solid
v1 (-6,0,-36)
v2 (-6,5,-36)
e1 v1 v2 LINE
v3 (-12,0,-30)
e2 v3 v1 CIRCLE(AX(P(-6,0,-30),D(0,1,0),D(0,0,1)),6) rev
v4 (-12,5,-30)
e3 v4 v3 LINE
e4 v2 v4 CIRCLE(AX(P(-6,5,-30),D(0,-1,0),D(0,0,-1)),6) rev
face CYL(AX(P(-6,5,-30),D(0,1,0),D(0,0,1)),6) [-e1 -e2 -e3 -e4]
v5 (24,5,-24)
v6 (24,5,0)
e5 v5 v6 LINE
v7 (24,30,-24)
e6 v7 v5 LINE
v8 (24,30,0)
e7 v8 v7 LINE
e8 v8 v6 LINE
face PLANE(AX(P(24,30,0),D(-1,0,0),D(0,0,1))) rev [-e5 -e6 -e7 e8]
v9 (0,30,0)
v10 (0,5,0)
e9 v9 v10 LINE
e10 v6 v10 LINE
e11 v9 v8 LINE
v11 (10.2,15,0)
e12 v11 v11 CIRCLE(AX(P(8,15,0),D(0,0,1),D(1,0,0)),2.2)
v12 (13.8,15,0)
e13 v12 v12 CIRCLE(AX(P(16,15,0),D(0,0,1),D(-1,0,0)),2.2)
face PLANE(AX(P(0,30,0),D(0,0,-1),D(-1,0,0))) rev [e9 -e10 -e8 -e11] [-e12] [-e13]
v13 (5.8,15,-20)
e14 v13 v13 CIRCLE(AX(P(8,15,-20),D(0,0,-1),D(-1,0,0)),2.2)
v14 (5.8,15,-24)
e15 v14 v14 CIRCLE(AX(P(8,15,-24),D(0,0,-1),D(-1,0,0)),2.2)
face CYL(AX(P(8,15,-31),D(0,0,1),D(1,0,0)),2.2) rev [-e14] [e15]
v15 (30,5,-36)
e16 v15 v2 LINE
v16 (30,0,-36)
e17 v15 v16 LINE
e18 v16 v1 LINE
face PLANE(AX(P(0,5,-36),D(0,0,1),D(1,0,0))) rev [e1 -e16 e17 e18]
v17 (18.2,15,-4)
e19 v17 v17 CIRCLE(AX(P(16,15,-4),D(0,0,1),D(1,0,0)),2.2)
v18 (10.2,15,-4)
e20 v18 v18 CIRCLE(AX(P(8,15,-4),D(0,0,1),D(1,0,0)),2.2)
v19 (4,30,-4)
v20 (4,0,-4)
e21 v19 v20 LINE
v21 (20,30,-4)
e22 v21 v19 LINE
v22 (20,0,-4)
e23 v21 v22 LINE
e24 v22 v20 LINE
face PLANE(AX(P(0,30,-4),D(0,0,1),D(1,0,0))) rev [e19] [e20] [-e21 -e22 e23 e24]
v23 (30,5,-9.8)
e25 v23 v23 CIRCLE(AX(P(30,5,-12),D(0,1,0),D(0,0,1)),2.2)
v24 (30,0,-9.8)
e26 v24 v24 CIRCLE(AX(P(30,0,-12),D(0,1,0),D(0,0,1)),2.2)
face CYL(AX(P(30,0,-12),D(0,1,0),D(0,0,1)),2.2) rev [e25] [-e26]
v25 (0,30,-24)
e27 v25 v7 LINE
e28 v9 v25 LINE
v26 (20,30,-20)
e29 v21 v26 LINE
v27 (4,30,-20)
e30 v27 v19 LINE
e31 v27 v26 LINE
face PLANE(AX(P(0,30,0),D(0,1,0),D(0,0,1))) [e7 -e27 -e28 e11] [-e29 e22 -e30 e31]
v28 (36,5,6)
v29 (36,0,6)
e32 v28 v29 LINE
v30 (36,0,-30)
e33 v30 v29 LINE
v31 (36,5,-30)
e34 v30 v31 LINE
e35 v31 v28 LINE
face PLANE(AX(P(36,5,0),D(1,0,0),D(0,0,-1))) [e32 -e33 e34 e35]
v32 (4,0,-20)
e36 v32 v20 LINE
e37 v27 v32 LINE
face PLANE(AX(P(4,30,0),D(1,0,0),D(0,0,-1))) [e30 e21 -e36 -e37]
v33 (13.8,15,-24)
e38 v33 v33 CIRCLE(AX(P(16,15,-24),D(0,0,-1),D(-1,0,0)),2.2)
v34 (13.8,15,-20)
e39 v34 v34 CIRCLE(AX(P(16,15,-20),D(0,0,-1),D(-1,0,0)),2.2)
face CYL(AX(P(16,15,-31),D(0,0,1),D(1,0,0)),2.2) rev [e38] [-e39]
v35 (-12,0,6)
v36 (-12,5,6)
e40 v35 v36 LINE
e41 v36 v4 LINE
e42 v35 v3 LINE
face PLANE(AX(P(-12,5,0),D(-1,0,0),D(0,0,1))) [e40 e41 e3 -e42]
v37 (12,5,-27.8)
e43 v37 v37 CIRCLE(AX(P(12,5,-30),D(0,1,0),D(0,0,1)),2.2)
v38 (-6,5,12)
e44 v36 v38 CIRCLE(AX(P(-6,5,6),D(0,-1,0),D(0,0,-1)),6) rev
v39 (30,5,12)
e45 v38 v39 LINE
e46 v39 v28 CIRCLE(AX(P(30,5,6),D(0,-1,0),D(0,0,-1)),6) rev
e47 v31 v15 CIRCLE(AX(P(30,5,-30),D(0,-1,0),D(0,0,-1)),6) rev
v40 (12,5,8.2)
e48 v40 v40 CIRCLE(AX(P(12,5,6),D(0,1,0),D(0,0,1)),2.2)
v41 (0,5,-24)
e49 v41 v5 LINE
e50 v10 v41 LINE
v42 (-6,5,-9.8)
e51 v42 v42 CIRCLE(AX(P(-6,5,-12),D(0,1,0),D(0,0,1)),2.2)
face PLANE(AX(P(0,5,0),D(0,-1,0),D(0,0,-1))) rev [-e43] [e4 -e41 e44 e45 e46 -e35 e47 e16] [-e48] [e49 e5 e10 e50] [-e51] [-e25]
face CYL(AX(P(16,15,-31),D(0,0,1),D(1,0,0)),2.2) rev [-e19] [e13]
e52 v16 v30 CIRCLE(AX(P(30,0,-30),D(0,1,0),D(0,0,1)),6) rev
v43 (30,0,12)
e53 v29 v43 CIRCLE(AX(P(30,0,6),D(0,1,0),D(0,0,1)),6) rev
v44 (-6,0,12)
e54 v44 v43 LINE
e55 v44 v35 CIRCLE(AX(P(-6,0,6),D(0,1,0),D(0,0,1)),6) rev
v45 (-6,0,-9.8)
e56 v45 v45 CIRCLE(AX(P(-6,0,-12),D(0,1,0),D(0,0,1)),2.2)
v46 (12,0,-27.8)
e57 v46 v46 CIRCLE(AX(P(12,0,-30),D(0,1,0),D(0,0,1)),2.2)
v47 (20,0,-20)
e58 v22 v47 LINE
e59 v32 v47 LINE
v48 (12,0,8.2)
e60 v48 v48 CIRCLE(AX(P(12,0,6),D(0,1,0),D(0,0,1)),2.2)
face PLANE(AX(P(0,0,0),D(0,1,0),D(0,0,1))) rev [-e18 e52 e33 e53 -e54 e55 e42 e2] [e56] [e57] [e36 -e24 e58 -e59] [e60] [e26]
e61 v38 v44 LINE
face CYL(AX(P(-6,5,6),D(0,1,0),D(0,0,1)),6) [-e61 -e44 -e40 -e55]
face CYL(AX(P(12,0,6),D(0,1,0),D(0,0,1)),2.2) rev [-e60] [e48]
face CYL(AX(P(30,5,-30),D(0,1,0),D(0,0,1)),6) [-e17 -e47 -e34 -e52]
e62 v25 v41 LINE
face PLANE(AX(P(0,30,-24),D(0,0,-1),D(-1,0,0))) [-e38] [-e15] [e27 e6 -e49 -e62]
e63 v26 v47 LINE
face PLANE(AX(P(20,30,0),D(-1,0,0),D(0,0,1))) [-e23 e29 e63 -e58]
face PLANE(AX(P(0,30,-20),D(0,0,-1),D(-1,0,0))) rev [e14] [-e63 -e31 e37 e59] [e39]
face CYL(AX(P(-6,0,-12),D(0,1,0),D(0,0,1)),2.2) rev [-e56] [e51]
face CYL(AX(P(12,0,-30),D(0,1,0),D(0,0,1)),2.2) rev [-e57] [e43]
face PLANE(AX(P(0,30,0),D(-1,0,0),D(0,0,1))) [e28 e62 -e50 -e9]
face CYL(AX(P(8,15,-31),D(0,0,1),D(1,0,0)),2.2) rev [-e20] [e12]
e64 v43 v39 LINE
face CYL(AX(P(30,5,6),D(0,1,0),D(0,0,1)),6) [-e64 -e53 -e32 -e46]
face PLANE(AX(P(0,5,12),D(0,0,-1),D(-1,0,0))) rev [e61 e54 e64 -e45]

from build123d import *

# Parameters (mm, degrees)
SKETCH_1_W          = 24
SKETCH_1_H          = 24
SKETCH_1_W_2        = 16
SKETCH_1_H_2        = 16
EXTRUDE_1_DEPTH     = 30
SKETCH_2_R          = 2.2
CUT_EXTRUDE_1_DEPTH = 31
SKETCH_3_W          = 6
SKETCH_3_H          = 6
SKETCH_3_W_2        = 24
SKETCH_3_H_2        = 24
EXTRUDE_3_DEPTH     = 5
FILLET_1_R          = 6
SKETCH_4_R          = 2.2
CUT_EXTRUDE_2_DEPTH = 5


with BuildPart() as part:
    # 草图1 → 凸台-拉伸1 (new body)
    with BuildSketch(Plane(origin=(0, 0, 0), x_dir=(1, 0, 0), z_dir=(0, 1, 0))):
        with Locations((12, 12)):
            Rectangle(SKETCH_1_W, SKETCH_1_H)
        with Locations((12, 12)):
            Rectangle(SKETCH_1_W_2, SKETCH_1_H_2, mode=Mode.SUBTRACT)
    extrude(amount=EXTRUDE_1_DEPTH)

    # 草图2 → 切除-拉伸1 (cut)
    with BuildSketch(Plane.XY):
        with Locations(Location((8, 15, 0), (0, 0, 180))):
            Circle(SKETCH_2_R)
        with Locations(Location((16, 15, 0), (0, 0, 180))):
            Circle(SKETCH_2_R)
    extrude(amount=-CUT_EXTRUDE_1_DEPTH, mode=Mode.SUBTRACT)

    # 草图3 → 凸台-拉伸3 (add)
    # profile 1 of 5: a face of its own
    with BuildSketch(Plane.XZ):
        with Locations((-9, -33)):
            Rectangle(SKETCH_3_W, SKETCH_3_H)
    # profile 2 of 5: a face of its own
    with BuildSketch(Plane.XZ):
        Polygon((-12, -30), (-6, -30), (-6, 6), (0, 6), (30, 6), (30, 12), (-12, 12), align=None)
    # profile 3 of 5: a face of its own
    with BuildSketch(Plane.XZ):
        Polygon((30, -30), (30, 6), (0, 6), (-6, 6), (-6, -30), align=None)
        with Locations((12, -12)):
            Rectangle(SKETCH_3_W_2, SKETCH_3_H_2, mode=Mode.SUBTRACT)
    # profile 4 of 5: a face of its own
    with BuildSketch(Plane.XZ):
        Polygon((30, -30), (-6, -30), (-6, -36), (36, -36), (36, 6), (30, 6), align=None)
    # profile 5 of 5: a face of its own
    with BuildSketch(Plane.XZ):
        with Locations((33, 9)):
            Rectangle(SKETCH_3_W, SKETCH_3_H)
    extrude(amount=-EXTRUDE_3_DEPTH)

    # 圆角1
    fillet_1_edges = [part.edges().sort_by_distance(p)[0] for p in [
        (36, 2.5, 12),
        (36, 2.5, -36),
        (-12, 2.5, -36),
        (-12, 2.5, 12),
    ]]
    fillet(fillet_1_edges, radius=FILLET_1_R)

    # 草图4 → 切除-拉伸2 (cut)
    with BuildSketch(Plane(origin=(0, 5, 0), x_dir=(1, 0, 0), z_dir=(0, 1, 0))):
        with Locations(Location((12, -6, 0), (0, 0, 270))):
            Circle(SKETCH_4_R)
        with Locations(Location((-6, 12, 0), (0, 0, 270))):
            Circle(SKETCH_4_R)
        with Locations(Location((12, 30, 0), (0, 0, 270))):
            Circle(SKETCH_4_R)
        with Locations(Location((30, 12, 0), (0, 0, 270))):
            Circle(SKETCH_4_R)
    extrude(amount=-CUT_EXTRUDE_2_DEPTH, mode=Mode.SUBTRACT)


solid = part.part
